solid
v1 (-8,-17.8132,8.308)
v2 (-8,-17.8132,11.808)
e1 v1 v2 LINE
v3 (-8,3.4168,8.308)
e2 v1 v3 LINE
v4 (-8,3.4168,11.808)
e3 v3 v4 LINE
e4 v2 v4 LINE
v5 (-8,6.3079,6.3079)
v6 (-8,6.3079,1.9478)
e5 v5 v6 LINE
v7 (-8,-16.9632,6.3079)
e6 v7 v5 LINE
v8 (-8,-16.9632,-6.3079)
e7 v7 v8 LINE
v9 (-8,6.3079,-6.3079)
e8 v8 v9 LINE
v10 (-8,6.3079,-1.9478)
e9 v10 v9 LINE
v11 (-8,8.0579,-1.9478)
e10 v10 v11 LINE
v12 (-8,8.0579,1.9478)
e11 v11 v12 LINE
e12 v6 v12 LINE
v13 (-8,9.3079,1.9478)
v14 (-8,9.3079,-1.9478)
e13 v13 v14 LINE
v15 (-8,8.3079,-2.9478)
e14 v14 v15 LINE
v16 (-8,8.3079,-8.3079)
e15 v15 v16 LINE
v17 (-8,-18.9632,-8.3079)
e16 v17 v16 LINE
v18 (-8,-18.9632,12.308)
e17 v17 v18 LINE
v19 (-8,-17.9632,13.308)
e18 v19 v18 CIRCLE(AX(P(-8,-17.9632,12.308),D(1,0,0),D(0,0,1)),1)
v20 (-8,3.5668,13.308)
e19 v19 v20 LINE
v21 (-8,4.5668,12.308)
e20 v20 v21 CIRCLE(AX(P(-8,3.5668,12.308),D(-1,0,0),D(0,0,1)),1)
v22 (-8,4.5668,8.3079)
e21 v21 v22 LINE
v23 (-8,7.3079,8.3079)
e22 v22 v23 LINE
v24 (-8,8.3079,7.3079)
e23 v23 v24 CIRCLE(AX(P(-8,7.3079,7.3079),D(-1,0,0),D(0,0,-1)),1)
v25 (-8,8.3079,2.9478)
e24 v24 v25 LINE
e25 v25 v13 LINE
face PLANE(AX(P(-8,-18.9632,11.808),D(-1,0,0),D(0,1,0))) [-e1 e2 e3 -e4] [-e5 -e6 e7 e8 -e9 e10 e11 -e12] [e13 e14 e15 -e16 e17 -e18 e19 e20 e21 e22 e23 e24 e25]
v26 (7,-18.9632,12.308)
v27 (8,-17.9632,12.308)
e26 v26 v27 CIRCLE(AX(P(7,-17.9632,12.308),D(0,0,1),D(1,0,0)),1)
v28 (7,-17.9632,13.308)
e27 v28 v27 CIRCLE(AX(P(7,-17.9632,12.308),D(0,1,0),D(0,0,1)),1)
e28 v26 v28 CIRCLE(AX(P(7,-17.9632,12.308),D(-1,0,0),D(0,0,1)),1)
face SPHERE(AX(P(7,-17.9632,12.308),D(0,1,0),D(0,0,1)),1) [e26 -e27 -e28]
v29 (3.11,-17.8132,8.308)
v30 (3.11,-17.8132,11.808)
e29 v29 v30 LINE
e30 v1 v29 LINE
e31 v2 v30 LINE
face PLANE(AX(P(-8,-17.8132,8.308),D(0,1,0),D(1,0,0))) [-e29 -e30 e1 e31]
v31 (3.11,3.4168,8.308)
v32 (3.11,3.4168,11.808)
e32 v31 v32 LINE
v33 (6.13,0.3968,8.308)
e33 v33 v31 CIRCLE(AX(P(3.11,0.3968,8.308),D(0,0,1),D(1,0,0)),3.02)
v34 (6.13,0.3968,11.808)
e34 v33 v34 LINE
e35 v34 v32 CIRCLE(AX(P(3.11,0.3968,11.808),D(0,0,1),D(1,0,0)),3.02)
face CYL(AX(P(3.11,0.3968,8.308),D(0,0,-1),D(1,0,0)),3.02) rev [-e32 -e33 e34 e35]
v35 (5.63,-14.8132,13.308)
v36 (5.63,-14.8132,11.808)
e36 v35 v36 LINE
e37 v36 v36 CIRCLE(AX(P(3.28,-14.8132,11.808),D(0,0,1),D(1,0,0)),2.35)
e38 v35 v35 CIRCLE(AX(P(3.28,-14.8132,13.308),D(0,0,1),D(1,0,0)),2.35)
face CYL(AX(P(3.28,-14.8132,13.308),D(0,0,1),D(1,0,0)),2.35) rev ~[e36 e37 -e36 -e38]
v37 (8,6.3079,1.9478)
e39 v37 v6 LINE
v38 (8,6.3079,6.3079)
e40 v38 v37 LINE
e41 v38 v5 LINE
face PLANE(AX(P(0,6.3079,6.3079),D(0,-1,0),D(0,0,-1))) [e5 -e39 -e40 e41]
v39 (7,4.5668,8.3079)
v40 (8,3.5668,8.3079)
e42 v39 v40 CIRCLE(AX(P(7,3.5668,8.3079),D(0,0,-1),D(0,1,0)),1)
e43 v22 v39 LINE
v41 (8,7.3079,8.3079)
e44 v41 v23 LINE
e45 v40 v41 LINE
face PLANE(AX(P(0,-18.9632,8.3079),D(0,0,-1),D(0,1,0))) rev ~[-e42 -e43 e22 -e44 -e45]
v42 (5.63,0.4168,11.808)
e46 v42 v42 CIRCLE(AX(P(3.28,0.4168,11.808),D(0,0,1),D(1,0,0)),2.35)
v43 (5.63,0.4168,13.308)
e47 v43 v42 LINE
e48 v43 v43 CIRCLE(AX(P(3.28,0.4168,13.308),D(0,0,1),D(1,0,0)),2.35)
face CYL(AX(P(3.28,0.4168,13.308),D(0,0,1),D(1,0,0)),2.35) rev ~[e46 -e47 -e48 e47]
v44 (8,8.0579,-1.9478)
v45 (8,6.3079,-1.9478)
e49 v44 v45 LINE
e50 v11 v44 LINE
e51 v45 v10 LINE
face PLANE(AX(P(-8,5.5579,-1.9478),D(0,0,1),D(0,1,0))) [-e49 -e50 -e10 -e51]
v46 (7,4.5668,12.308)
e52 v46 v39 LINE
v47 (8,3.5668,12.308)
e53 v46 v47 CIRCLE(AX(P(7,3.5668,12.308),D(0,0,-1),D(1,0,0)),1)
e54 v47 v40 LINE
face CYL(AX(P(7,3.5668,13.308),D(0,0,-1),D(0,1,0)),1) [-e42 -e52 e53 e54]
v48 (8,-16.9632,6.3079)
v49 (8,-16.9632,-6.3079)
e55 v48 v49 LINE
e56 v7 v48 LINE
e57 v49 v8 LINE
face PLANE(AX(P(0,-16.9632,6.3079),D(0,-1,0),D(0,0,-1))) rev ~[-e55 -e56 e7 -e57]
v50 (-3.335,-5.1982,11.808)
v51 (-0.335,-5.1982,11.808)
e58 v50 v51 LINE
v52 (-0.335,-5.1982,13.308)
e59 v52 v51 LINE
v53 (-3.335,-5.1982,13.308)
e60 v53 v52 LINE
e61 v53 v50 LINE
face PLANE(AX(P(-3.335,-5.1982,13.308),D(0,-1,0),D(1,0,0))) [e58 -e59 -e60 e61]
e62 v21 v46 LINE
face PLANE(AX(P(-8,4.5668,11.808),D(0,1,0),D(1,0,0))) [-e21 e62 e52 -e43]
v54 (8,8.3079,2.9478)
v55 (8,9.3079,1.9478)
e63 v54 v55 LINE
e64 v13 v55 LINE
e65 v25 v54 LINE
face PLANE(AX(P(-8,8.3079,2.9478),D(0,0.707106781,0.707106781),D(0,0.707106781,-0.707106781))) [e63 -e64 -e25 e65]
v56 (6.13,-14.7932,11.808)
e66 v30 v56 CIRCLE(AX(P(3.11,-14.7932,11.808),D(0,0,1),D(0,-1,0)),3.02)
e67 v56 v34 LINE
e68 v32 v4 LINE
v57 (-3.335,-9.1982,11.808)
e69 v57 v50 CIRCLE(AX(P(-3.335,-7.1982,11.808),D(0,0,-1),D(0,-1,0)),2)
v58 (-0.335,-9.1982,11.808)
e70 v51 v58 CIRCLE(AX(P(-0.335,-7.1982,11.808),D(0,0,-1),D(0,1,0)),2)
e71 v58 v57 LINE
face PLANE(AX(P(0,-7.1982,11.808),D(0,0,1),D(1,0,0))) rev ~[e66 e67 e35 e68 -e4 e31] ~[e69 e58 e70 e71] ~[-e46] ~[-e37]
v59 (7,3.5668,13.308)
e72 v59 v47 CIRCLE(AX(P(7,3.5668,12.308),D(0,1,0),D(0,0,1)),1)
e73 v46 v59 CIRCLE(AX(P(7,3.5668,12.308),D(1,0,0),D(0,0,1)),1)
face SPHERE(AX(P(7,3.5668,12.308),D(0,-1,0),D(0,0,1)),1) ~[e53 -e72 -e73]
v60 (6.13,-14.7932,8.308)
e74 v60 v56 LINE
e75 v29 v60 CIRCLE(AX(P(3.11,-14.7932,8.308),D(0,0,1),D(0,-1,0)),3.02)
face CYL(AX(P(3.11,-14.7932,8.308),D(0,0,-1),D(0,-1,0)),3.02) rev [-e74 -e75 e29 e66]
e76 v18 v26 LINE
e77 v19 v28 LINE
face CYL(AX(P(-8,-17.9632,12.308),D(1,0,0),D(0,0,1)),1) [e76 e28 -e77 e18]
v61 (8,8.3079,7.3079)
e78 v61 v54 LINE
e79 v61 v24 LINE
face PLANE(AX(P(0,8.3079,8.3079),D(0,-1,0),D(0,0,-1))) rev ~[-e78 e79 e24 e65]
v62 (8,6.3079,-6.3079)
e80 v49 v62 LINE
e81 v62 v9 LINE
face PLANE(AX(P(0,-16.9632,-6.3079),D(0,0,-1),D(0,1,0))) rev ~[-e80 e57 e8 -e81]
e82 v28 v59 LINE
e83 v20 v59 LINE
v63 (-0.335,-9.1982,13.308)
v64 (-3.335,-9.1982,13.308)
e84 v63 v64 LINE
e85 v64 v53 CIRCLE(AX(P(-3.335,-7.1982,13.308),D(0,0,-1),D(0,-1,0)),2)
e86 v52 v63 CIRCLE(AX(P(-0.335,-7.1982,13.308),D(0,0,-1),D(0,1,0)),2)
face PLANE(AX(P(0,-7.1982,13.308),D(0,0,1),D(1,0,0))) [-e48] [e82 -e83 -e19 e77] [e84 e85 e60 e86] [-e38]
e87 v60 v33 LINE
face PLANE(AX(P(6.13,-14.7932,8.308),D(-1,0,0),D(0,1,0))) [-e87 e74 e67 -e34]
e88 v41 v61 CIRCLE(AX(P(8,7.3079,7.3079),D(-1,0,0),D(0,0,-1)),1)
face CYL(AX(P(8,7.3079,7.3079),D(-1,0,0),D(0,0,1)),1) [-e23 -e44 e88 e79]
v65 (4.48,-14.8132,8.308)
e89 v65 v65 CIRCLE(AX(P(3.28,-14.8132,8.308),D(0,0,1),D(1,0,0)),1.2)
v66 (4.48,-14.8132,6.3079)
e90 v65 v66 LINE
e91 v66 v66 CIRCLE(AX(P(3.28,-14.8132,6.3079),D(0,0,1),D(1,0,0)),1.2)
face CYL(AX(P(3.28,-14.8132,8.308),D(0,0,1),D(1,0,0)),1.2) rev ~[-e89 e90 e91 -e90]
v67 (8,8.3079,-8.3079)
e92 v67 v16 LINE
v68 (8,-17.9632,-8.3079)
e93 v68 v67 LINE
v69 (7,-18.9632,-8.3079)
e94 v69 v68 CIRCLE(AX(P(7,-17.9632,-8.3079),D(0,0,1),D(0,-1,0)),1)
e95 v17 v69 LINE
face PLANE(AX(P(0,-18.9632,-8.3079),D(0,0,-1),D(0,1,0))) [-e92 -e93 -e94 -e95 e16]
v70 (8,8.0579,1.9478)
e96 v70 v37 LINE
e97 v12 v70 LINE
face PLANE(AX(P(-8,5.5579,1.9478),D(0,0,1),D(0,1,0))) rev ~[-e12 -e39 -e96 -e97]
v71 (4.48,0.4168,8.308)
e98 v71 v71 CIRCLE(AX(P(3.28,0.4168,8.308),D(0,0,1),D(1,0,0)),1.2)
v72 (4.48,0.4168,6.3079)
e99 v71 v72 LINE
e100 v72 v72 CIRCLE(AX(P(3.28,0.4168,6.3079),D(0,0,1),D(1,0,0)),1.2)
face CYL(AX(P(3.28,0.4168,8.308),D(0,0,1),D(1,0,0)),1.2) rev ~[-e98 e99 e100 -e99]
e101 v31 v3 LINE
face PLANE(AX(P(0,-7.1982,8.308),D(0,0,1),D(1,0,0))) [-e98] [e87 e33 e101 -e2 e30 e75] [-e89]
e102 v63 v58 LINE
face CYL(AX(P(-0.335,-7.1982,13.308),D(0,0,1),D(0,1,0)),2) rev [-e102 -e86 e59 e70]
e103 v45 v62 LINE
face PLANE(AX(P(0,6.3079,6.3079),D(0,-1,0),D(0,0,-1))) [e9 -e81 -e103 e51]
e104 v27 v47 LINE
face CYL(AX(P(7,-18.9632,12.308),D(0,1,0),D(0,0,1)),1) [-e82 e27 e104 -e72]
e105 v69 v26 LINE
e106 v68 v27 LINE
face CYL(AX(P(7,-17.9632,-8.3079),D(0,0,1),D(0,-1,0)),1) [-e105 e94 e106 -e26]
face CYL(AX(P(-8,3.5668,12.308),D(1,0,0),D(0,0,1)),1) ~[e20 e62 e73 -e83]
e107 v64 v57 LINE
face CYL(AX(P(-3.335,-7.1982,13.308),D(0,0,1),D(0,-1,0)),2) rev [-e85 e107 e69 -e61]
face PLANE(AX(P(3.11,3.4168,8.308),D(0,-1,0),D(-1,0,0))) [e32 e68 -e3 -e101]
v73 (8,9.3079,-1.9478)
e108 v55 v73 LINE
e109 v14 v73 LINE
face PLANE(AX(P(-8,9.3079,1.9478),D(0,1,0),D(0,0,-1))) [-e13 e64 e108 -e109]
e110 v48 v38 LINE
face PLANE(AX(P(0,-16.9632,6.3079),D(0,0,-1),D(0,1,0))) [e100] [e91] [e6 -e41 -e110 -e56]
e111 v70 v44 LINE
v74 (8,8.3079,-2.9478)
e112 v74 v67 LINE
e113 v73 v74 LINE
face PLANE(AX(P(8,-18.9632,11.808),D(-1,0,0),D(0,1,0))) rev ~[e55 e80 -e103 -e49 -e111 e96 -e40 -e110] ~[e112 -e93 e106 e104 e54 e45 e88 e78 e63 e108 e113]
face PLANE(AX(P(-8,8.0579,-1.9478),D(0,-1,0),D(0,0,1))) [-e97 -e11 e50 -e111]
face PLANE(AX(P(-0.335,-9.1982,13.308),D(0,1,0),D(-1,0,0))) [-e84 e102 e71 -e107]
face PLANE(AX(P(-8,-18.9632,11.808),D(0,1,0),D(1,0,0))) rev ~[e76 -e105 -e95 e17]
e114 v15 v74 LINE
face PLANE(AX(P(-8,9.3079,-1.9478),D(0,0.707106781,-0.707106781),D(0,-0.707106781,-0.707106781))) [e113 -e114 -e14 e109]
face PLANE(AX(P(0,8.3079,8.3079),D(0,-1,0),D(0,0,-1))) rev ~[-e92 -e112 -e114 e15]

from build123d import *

# Parameters (mm, degrees)
SKETCH1_W                 = 16.6158
SKETCH1_H                 = 27.2711
SKETCH1_W_2               = 12.6158
SKETCH1_H_2               = 23.2711
BOSS_EXTRUDE1_DEPTH       = 8
SKETCH2_W                 = 3.8956
SKETCH2_H                 = 2.5
CUT_EXTRUDE2_DEPTH        = 27.165323553
SKETCH5_W                 = 16
SKETCH5_H                 = 23.53
BOSS_EXTRUDE2_DEPTH       = 0.0001
M2_CLEARANCE_HOLE1_REACH  = 28.452
M2_CLEARANCE_HOLE1_BORE_R = 1.2
BOSS_EXTRUDE3_DEPTH       = 3.5
SKETCH9_W                 = 16
SKETCH9_H                 = 23.53
BOSS_EXTRUDE4_DEPTH       = 1.5
SKETCH10_R                = 2.35
CUT_EXTRUDE3_DEPTH        = 1.5
FILLET1_R                 = 1
BOSS_EXTRUDE5_DEPTH       = 16


with BuildPart() as part:
    # Sketch1 → Boss-Extrude1 (new, symmetric)
    with BuildSketch(Plane(origin=(0, 0, 0), x_dir=(0, 0, -1), z_dir=(1, 0, 0))):
        with Locations((0, -5.32765)):
            Rectangle(SKETCH1_W, SKETCH1_H)
        with Locations((0, -5.32765)):
            Rectangle(SKETCH1_W_2, SKETCH1_H_2, mode=Mode.SUBTRACT)
    extrude(amount=BOSS_EXTRUDE1_DEPTH, both=True)

    # Sketch2 → Cut-Extrude2 (cut, through all)
    with BuildSketch(Plane.ZY.offset(8)):
        with Locations((0, 6.8079)):
            Rectangle(SKETCH2_W, SKETCH2_H)
    extrude(amount=-CUT_EXTRUDE2_DEPTH, mode=Mode.SUBTRACT)

    # Sketch5 → Boss-Extrude2 (add)
    with BuildSketch(Plane.XY.offset(8.3079)):
        with Locations((0, -7.1982)):
            Rectangle(SKETCH5_W, SKETCH5_H)
    extrude(amount=BOSS_EXTRUDE2_DEPTH)

    # M2 Clearance Hole1 bore → M2 Clearance Hole1 (cut, up to next)
    with BuildSketch(Plane.XY.offset(8.308), mode=Mode.PRIVATE) as m2_clearance_hole1_sk1:
        with Locations((3.28, 0.4168)):
            Circle(M2_CLEARANCE_HOLE1_BORE_R)
    m2_clearance_hole1_tool1 = extrude(m2_clearance_hole1_sk1.sketch, amount=-M2_CLEARANCE_HOLE1_REACH, mode=Mode.PRIVATE) & part.part
    # M2 Clearance Hole1 bore → M2 Clearance Hole1 (cut, up to next)
    with BuildSketch(Plane.XY.offset(8.308), mode=Mode.PRIVATE) as m2_clearance_hole1_sk2:
        with Locations((3.28, -14.8132)):
            Circle(M2_CLEARANCE_HOLE1_BORE_R)
    m2_clearance_hole1_tool2 = extrude(m2_clearance_hole1_sk2.sketch, amount=-M2_CLEARANCE_HOLE1_REACH, mode=Mode.PRIVATE) & part.part
    add(m2_clearance_hole1_tool1.solids().sort_by_distance((3.28, 0.4168, 8.308))[0], mode=Mode.SUBTRACT)
    add(m2_clearance_hole1_tool2.solids().sort_by_distance((3.28, -14.8132, 8.308))[0], mode=Mode.SUBTRACT)

    # Sketch8 → Boss-Extrude3 (add)
    with BuildSketch(Plane.XY.offset(8.308)):
        with BuildLine():
            Line((-8, -17.8132), (3.11, -17.8132))
            ThreePointArc((3.11, -17.8132), (5.245462479, -16.928662479), (6.13, -14.7932))
            Line((6.13, -14.7932), (6.13, 0.3968))
            ThreePointArc((6.13, 0.3968), (5.245462479, 2.532262479), (3.11, 3.4168))
            Line((3.11, 3.4168), (-8, 3.4168))
            Line((-8, 3.4168), (-8, 4.5668))
            Line((-8, 4.5668), (8, 4.5668))
            Line((8, 4.5668), (8, -18.9632))
            Line((8, -18.9632), (-8, -18.9632))
            Line((-8, -18.9632), (-8, -17.8132))
        make_face()
    extrude(amount=BOSS_EXTRUDE3_DEPTH)

    # Sketch9 → Boss-Extrude4 (add)
    with BuildSketch(Plane.XY.offset(11.808)):
        with Locations((0, -7.1982)):
            Rectangle(SKETCH9_W, SKETCH9_H)
    extrude(amount=BOSS_EXTRUDE4_DEPTH)

    # Sketch10 → Cut-Extrude3 (cut)
    with BuildSketch(Plane.XY.offset(13.308)):
        with Locations((3.28, 0.4168)):
            Circle(SKETCH10_R)
        with Locations((3.28, -14.8132)):
            Circle(SKETCH10_R)
        with BuildLine():
            Line((-3.335, -5.1982), (-0.335, -5.1982))
            ThreePointArc((-0.335, -5.1982), (1.665, -7.1982), (-0.335, -9.1982))
            Line((-0.335, -9.1982), (-3.335, -9.1982))
            ThreePointArc((-3.335, -9.1982), (-5.335, -7.1982), (-3.335, -5.1982))
        make_face()
    extrude(amount=-CUT_EXTRUDE3_DEPTH, mode=Mode.SUBTRACT)

    # Fillet1
    fillet1_edges = [part.edges().sort_by_distance(p)[0] for p in [
        (8, -7.1982, 13.308),
        (0, 4.5668, 13.308),
        (0, -18.9632, 13.308),
        (8, -18.9632, 2.50005),
        (0, 8.3079, 8.3079),
        (8, 4.5668, 10.80795),
    ]]
    fillet(fillet1_edges, radius=FILLET1_R)

    # Sketch11 → Boss-Extrude5 (add)
    with BuildSketch(Plane.ZY.offset(8)):
        Polygon((2.9478, 8.3079), (1.9478, 9.3079), (-1.9478, 9.3079), (-2.9478, 8.3079), align=None)
    extrude(amount=-BOSS_EXTRUDE5_DEPTH)


solid = part.part
